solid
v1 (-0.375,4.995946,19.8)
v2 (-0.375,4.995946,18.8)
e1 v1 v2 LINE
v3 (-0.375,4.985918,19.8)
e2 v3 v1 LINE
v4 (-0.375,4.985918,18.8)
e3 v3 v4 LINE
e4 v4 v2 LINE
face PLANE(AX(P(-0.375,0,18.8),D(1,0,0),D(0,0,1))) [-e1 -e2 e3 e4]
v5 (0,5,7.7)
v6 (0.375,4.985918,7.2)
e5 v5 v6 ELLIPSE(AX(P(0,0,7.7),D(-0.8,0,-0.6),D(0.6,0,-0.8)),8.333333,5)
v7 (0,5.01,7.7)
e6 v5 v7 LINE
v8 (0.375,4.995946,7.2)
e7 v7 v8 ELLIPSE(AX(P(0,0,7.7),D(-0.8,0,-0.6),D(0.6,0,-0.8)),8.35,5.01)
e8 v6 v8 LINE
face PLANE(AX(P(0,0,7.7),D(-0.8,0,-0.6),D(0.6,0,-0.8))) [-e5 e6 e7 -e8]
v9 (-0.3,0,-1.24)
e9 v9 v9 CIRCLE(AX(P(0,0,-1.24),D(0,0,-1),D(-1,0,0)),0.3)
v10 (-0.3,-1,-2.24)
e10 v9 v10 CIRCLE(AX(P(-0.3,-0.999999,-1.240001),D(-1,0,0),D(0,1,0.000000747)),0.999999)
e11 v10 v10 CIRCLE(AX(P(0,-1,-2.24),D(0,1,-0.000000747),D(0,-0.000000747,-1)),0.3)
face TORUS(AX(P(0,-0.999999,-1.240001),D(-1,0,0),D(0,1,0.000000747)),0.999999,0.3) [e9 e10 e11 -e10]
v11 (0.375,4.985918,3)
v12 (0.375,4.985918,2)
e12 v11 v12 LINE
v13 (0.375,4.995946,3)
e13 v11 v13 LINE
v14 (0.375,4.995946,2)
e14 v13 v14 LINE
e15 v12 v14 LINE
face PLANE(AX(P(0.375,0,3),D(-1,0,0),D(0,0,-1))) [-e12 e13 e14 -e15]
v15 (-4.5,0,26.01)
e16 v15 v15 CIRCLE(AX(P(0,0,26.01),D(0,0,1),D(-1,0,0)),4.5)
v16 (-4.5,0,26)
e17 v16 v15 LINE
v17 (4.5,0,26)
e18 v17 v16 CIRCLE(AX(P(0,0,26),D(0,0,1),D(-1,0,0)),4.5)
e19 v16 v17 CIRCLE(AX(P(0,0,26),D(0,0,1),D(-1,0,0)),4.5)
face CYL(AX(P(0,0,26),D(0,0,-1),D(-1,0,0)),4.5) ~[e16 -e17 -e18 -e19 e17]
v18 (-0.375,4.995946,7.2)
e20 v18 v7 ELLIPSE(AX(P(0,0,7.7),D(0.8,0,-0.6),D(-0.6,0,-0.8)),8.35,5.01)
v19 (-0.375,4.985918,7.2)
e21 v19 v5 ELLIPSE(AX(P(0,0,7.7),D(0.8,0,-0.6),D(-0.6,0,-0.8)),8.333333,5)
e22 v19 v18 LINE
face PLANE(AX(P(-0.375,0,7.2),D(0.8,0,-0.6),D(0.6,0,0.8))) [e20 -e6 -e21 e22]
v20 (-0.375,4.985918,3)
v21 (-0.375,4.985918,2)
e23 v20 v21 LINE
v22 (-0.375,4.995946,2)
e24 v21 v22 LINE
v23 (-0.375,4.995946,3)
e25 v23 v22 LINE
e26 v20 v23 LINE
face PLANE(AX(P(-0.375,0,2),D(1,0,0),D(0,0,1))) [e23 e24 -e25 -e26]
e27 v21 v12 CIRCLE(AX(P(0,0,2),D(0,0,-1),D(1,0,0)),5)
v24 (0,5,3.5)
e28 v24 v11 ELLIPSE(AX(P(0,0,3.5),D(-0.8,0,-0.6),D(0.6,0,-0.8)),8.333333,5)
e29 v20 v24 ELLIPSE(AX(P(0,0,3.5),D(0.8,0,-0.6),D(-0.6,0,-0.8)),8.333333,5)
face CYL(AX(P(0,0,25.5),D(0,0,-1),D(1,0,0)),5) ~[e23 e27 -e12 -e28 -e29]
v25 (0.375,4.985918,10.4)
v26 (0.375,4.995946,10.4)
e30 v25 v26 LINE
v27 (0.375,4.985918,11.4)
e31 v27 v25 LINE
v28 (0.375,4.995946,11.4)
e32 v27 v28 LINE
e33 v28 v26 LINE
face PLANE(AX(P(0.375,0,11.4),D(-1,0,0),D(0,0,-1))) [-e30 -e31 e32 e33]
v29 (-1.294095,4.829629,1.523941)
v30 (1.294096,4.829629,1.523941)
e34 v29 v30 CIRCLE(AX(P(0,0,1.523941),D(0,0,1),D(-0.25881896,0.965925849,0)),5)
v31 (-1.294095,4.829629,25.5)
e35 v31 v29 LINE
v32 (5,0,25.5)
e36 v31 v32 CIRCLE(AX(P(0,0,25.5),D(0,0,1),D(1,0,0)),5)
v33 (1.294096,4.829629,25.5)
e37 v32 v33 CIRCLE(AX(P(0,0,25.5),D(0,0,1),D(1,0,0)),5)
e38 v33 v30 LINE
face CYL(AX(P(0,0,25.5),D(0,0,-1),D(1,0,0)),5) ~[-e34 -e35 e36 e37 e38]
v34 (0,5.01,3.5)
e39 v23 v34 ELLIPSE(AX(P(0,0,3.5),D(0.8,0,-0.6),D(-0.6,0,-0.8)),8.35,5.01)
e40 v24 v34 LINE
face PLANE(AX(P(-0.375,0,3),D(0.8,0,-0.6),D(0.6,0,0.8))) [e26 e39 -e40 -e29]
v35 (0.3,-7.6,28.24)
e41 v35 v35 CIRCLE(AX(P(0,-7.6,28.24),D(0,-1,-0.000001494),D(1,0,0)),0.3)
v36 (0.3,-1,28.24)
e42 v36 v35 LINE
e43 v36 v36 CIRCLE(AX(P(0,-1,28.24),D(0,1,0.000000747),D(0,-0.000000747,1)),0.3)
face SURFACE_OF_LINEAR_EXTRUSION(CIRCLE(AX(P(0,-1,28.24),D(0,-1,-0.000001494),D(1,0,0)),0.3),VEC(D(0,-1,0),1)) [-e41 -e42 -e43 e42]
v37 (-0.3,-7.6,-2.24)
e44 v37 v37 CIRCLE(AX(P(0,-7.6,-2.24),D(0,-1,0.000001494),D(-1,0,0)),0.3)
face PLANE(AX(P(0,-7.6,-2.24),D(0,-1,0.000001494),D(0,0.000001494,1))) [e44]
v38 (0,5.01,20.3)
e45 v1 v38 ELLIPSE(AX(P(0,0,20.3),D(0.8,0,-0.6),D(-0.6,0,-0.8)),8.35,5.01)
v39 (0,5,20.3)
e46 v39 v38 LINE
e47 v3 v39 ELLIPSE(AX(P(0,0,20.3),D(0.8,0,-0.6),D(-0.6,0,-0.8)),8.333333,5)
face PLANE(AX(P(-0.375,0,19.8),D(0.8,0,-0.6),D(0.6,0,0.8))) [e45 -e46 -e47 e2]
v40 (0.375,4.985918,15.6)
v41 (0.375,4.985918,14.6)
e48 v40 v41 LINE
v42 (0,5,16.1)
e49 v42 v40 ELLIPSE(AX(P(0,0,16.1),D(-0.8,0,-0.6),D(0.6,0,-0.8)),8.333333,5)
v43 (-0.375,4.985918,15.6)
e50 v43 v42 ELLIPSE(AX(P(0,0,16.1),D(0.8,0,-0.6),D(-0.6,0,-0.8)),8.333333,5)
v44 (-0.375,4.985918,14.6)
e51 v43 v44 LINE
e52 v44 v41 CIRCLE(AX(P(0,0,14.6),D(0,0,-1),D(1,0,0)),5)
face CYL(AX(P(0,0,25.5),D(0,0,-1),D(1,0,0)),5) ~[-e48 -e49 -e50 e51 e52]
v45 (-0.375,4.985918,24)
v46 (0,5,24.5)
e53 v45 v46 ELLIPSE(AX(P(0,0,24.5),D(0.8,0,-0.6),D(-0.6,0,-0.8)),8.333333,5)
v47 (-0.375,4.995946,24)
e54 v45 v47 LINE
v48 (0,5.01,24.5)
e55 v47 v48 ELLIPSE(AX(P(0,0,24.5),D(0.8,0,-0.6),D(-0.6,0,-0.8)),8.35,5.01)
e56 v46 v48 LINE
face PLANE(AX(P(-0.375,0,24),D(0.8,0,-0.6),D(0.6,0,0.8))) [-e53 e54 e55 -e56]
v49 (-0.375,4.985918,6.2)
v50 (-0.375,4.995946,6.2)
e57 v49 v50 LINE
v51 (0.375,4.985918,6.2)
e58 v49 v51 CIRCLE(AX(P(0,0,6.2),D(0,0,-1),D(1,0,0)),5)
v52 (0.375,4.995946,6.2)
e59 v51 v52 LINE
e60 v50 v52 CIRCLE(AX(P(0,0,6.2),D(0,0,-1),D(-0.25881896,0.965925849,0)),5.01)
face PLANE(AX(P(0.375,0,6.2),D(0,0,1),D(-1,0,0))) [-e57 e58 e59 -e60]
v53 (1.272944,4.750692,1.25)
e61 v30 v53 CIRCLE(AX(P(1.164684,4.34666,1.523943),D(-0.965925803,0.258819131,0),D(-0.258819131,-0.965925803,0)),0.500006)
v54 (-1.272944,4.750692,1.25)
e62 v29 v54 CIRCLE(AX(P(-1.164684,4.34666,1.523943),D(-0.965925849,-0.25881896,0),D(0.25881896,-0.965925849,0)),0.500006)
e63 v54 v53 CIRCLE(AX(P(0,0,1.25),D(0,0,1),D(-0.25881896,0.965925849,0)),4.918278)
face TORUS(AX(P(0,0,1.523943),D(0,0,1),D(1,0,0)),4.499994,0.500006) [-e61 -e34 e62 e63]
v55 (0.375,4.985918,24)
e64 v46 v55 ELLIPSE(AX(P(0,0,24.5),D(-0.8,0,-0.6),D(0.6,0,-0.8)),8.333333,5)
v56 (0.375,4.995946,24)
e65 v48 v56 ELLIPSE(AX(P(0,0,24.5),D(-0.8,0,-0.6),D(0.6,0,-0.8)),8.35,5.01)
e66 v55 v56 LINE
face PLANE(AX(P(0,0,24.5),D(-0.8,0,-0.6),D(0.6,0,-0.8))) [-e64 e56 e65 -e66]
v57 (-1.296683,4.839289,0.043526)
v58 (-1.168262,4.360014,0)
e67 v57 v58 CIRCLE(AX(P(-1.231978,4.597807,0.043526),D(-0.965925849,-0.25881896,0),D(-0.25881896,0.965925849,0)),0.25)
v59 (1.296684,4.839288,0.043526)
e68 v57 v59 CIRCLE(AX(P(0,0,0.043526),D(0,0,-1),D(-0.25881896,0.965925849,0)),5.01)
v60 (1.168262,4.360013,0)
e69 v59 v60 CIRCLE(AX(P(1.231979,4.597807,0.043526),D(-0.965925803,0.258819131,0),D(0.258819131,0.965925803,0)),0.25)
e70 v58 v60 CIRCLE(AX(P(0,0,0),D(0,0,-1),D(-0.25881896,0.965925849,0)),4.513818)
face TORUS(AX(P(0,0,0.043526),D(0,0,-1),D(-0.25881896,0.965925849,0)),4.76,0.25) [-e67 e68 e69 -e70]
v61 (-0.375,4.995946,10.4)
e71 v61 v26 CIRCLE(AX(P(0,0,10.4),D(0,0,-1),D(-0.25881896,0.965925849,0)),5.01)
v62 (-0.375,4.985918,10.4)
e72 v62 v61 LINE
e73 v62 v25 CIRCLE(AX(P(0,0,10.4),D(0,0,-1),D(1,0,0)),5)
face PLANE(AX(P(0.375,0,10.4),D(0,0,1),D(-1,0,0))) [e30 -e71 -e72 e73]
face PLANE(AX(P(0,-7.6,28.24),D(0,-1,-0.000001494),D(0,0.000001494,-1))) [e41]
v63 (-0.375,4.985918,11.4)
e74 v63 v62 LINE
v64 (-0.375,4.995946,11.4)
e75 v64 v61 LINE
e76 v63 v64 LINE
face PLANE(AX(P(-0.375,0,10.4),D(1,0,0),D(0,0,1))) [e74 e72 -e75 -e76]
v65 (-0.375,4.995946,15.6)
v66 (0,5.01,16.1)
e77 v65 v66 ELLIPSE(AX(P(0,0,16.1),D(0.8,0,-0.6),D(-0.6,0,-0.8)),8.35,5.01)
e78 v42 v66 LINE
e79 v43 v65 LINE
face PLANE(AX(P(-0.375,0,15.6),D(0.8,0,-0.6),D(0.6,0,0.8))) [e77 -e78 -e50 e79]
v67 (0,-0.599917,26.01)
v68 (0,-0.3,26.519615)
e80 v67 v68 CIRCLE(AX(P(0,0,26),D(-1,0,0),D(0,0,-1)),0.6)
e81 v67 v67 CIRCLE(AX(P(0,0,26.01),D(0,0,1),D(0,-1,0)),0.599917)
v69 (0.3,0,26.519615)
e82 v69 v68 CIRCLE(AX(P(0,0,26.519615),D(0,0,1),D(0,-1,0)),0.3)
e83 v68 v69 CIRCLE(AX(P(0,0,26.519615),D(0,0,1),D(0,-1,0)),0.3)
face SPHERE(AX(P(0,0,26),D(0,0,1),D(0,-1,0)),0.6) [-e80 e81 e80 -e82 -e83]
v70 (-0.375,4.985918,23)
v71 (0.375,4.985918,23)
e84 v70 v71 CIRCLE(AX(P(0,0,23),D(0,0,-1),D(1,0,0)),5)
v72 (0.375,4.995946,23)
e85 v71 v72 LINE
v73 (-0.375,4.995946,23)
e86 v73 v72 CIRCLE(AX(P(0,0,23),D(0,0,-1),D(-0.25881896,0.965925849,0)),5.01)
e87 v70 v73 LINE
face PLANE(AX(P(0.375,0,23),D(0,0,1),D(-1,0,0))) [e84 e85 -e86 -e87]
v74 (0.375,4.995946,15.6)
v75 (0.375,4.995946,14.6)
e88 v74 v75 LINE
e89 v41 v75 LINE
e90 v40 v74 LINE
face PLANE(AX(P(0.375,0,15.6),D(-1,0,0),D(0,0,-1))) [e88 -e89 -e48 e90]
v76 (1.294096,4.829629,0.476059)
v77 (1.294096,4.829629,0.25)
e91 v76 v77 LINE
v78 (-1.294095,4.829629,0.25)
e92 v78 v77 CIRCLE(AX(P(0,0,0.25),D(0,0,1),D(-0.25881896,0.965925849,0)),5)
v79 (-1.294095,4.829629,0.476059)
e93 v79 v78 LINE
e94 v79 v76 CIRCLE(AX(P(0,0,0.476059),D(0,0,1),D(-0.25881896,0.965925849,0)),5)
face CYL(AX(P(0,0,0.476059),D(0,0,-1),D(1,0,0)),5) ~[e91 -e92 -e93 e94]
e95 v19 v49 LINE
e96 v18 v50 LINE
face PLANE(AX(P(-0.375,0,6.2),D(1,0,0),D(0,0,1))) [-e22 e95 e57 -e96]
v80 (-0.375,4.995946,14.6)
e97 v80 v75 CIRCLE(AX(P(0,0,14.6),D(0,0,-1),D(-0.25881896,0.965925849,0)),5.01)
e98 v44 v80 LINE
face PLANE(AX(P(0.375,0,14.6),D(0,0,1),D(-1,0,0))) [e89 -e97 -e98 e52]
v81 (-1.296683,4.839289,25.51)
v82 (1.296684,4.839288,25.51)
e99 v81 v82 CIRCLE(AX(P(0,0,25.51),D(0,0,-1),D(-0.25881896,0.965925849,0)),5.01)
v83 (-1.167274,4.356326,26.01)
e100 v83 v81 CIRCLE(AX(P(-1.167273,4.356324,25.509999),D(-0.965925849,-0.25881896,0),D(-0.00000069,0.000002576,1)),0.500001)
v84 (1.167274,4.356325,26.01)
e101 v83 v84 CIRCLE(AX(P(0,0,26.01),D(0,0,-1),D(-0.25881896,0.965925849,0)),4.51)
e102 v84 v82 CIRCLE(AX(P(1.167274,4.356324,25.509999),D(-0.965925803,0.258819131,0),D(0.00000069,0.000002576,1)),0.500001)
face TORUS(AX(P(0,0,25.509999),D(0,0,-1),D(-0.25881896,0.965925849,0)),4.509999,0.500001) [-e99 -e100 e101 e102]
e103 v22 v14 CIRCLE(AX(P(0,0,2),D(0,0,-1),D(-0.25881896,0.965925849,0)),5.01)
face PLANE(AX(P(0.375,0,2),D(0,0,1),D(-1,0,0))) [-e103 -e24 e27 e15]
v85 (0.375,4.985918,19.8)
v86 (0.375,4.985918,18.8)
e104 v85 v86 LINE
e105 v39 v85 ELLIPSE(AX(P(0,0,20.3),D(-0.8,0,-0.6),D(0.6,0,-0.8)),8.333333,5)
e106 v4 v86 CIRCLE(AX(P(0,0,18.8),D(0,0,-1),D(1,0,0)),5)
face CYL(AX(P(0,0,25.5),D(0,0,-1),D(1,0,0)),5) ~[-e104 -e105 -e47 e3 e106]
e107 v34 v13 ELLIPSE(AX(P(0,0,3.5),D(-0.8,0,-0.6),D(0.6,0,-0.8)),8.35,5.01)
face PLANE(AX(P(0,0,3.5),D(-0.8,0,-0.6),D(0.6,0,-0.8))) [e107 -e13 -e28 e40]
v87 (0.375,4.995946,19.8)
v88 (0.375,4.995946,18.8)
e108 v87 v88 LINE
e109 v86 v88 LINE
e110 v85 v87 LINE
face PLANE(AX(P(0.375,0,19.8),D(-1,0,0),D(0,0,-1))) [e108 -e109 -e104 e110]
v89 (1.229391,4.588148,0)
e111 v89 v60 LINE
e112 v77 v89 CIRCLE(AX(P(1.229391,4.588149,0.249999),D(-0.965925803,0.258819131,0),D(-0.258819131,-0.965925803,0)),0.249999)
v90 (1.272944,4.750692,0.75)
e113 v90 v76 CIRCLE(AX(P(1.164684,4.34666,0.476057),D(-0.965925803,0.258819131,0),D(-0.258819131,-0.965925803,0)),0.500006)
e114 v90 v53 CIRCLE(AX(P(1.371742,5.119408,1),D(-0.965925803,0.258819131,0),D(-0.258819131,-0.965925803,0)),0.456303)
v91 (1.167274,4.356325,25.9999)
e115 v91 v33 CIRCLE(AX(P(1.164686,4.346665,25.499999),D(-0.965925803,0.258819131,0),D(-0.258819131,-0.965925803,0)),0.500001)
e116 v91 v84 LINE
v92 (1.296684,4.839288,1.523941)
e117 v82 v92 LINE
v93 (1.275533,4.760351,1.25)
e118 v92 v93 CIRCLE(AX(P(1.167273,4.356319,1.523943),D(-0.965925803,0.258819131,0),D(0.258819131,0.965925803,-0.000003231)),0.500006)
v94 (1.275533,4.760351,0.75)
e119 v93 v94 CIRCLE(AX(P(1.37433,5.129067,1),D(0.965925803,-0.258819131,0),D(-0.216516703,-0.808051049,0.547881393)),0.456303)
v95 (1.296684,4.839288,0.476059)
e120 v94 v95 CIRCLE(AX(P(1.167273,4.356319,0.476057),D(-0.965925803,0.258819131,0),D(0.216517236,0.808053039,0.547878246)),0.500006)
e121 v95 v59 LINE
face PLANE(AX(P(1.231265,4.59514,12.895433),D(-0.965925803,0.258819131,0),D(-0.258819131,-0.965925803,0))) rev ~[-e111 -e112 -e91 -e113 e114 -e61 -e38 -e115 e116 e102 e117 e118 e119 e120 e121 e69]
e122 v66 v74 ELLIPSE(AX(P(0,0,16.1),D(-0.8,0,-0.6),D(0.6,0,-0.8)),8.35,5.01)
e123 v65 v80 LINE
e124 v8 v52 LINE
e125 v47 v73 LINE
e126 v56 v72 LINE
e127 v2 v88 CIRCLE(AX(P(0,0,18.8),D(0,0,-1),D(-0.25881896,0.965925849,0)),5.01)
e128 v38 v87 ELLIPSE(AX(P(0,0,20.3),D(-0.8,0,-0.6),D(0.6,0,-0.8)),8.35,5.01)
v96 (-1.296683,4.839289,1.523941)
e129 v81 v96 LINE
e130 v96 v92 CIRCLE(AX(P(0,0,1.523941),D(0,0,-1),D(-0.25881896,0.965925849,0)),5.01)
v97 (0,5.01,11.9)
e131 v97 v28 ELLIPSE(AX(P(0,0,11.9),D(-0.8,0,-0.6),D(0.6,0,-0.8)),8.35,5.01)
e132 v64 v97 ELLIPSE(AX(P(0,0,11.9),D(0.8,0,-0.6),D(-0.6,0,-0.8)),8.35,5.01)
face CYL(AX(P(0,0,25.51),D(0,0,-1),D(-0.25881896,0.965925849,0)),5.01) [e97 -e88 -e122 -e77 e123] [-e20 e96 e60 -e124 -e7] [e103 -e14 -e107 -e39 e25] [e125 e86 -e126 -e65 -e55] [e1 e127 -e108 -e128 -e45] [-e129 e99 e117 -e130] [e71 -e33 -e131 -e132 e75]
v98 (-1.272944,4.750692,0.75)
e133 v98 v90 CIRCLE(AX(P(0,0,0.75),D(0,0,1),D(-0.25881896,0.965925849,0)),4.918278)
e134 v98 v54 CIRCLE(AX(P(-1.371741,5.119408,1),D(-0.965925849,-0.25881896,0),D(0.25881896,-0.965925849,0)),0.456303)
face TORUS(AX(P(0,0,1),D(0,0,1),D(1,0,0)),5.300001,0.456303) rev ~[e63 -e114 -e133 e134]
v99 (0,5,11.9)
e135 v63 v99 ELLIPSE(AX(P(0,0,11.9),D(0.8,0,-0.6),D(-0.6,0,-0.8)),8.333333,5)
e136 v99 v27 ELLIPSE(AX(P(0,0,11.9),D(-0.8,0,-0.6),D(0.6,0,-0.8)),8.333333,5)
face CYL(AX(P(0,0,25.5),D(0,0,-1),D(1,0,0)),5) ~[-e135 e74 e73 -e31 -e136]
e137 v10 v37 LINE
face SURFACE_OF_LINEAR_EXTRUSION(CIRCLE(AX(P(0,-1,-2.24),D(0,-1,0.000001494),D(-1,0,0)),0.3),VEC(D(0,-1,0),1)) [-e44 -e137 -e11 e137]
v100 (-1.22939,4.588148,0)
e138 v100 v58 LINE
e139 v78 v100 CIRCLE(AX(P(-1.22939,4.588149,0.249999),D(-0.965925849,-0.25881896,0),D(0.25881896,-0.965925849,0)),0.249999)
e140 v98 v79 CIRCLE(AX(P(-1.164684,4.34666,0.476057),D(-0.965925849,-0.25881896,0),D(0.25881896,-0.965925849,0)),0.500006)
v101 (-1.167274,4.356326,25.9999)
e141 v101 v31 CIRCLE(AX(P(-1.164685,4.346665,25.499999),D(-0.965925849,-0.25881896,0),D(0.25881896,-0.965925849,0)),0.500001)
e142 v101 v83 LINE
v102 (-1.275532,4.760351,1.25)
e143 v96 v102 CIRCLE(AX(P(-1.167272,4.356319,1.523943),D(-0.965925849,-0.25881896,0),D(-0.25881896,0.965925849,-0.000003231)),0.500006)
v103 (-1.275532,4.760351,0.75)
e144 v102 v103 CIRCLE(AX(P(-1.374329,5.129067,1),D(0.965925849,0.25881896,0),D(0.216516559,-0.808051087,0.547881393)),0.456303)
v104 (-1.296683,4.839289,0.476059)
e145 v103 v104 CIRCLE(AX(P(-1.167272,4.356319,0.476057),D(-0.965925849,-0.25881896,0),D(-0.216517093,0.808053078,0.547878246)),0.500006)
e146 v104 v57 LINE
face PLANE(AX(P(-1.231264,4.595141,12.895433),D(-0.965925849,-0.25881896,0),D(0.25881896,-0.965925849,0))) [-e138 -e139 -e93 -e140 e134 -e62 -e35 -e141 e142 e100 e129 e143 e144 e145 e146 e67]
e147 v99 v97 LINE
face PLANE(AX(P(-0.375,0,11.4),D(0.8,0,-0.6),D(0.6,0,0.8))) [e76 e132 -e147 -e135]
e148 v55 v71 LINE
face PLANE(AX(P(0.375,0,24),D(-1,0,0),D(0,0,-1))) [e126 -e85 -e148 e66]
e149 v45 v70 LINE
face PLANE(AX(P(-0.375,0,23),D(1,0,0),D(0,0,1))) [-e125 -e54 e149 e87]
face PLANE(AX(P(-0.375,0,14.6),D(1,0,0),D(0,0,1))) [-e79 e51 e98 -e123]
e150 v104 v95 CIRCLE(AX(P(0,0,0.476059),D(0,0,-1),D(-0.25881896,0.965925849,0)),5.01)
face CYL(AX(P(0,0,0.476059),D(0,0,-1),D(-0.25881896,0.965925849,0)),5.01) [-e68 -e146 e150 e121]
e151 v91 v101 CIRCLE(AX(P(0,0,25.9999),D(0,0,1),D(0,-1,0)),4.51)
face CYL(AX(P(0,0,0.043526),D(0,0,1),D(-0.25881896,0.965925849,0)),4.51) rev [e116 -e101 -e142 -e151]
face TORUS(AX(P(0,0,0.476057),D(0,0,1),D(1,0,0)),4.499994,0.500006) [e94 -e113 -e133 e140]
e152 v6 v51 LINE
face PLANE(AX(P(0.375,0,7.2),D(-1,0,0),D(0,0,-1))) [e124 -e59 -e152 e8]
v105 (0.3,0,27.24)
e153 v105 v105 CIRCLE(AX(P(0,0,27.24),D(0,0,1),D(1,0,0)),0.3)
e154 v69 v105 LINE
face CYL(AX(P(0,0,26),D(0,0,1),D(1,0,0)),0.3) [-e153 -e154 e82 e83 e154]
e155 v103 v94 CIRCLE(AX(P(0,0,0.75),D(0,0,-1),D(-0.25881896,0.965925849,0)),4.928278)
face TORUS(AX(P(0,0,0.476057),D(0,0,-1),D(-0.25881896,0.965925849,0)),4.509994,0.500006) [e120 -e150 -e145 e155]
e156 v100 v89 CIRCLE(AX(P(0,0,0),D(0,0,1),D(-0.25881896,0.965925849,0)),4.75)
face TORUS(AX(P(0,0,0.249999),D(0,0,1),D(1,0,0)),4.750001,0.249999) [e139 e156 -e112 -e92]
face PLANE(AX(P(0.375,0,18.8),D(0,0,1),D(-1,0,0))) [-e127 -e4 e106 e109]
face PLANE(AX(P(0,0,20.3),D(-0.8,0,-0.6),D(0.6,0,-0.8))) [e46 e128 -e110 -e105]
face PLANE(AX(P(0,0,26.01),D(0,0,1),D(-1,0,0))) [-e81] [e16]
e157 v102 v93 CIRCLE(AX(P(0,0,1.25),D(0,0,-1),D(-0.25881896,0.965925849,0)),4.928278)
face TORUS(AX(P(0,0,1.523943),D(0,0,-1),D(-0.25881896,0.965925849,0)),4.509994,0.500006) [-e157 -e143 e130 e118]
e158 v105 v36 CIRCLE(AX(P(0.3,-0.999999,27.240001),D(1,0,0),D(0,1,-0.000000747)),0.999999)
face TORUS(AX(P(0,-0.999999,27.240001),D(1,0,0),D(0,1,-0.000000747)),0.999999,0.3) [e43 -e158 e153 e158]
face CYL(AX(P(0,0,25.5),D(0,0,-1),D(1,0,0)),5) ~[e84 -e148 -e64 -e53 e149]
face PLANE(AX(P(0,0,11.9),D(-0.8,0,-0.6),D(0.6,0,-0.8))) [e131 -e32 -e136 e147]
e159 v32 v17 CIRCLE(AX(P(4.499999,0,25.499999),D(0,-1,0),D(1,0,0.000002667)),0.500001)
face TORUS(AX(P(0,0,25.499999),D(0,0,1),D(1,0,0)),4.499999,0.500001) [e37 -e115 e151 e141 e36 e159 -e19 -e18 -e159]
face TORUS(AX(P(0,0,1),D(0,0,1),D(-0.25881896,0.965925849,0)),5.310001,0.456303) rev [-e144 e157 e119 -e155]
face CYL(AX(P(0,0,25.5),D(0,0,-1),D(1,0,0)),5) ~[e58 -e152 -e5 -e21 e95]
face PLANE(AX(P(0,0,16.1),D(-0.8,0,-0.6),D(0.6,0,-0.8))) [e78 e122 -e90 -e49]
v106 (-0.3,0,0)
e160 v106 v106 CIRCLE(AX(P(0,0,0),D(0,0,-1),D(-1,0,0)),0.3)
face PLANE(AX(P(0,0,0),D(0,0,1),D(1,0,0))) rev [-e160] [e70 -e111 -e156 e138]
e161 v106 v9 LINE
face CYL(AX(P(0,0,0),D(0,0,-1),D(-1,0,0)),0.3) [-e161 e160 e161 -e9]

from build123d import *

# Parameters (mm, degrees)
SKETCH011_R             = 0.3
BODY007_PLACEMENT_ANGLE = 180
REVOLUTION001_ANGLE     = -30
POCKET_DEPTH            = 5.011
LINEARPATTERN_COUNT     = 6
LINEARPATTERN_PITCH     = 4.2
SKETCH012_R             = 4.5
PAD_DEPTH               = 0.01
BODY008_PLACEMENT_ANGLE = 90


with BuildPart() as lead:
    # AdditivePipe: sweep along a path in Sketch010
    with BuildLine(Plane(origin=(0, 0, 0), x_dir=(0, -1, 0), z_dir=(-1, 0, 0))) as additivepipe_path:
        Line((0, 26), (0, 27.24))
        ThreePointArc((0, 27.24), (0.292893, 27.947107), (1, 28.24))
        Line((1, 28.24), (7.6, 28.24))
    # Sketch011 → AdditivePipe (sweep)
    with BuildSketch(Plane.XY.offset(26)):
        Circle(SKETCH011_R)
    sweep(path=additivepipe_path.line)


with BuildPart() as leadclone:
    # Body007 base: copy of Lead
    add(lead.part)


with BuildPart() as leadclone_1:
    # Body007 placement: moved
    add(leadclone.part.moved(Location((0, 0, 26))).rotate(Axis((0, 0, 26), (0, 1, 0)), BODY007_PLACEMENT_ANGLE))


with BuildPart() as polaritymarking:
    # Sketch005 → Revolution001 (revolve)
    with BuildSketch(Plane(origin=(0, 0, 0), x_dir=(-0.258819, 0.965926, 0), z_dir=(0.965926, 0.258819, 0))):
        with BuildLine():
            Line((4.51, 0.043526), (4.51, 26.01))
            ThreePointArc((4.51, 26.01), (4.863553, 25.863553), (5.01, 25.51))
            Line((5.01, 25.51), (5.01, 1.523941))
            ThreePointArc((5.01, 1.523941), (4.989134, 1.381006), (4.928278, 1.25))
            ThreePointArc((4.928278, 1.25), (4.853698, 1), (4.928278, 0.75))
            ThreePointArc((4.928278, 0.75), (4.989134, 0.618994), (5.01, 0.476059))
            Line((5.01, 0.476059), (5.01, 0.043526))
            ThreePointArc((5.01, 0.043526), (4.76, -0.206474), (4.51, 0.043526))
        make_face()
    revolve(axis=Axis((0, 0, 0), (0, 0, 1)), revolution_arc=REVOLUTION001_ANGLE)

    # Sketch013 → Pocket (cut, through all)
    with BuildSketch(Plane.XZ):
        Polygon((0.375, 2), (-0.375, 2), (-0.375, 3), (0, 3.5), (0.375, 3), align=None)
    pocket = extrude(amount=-POCKET_DEPTH, mode=Mode.SUBTRACT)

    # LinearPattern: Pocket ×6
    with Locations(*[(0, 0, i * LINEARPATTERN_PITCH) for i in range(1, LINEARPATTERN_COUNT)]):
        add(pocket, mode=Mode.SUBTRACT)


with BuildPart() as housing:
    # Sketch → Revolution (revolve)
    with BuildSketch(Plane.XZ):
        with BuildLine():
            Line((0, 26), (4.5, 26))
            ThreePointArc((5, 25.5), (4.853553, 25.853553), (4.5, 26))
            Line((5, 25.5), (5, 1.523941))
            ThreePointArc((4.918278, 1.25), (4.979134, 1.381006), (5, 1.523941))
            ThreePointArc((4.918278, 1.25), (4.843698, 1), (4.918278, 0.75))
            ThreePointArc((5, 0.476059), (4.979134, 0.618994), (4.918278, 0.75))
            Line((5, 0.476059), (5, 0.25))
            ThreePointArc((4.75, 0), (4.926777, 0.073223), (5, 0.25))
            Line((0, 0), (4.75, 0))
            Line((0, 26), (0, 0))
        make_face()
    revolve(axis=Axis((0, 0, 0), (0, 0, 1)))


with BuildPart() as fusion:
    # Sphere → Sphere (revolve)
    with BuildSketch(Plane.XZ):
        with BuildLine():
            ThreePointArc((0, -0.6), (0.6, 0), (0, 0.6))
            Line((0, 0.6), (0, -0.6))
        make_face()
    revolve(axis=Axis((0, 0, 0), (0, 0, 1)))

    # Sketch012 (on ShapeBinder) → Pad (new body)
    with BuildSketch(Plane(origin=(0, 0, 0), x_dir=(0, -1, 0), z_dir=(0, 0, 1))):
        Circle(SKETCH012_R)
    extrude(amount=PAD_DEPTH)


with BuildPart() as fusion_1:
    # Body008 placement: moved
    add(fusion.part.moved(Location((0, 0, 26))).rotate(Axis((0, 0, 26), (0, 0, -1)), BODY008_PLACEMENT_ANGLE))

    # Fusion: union LeadClone, Lead, PolarityMarking, Housing
    add(leadclone_1.part)
    add(lead.part)
    add(polaritymarking.part)
    add(housing.part)


solid = fusion_1.part
